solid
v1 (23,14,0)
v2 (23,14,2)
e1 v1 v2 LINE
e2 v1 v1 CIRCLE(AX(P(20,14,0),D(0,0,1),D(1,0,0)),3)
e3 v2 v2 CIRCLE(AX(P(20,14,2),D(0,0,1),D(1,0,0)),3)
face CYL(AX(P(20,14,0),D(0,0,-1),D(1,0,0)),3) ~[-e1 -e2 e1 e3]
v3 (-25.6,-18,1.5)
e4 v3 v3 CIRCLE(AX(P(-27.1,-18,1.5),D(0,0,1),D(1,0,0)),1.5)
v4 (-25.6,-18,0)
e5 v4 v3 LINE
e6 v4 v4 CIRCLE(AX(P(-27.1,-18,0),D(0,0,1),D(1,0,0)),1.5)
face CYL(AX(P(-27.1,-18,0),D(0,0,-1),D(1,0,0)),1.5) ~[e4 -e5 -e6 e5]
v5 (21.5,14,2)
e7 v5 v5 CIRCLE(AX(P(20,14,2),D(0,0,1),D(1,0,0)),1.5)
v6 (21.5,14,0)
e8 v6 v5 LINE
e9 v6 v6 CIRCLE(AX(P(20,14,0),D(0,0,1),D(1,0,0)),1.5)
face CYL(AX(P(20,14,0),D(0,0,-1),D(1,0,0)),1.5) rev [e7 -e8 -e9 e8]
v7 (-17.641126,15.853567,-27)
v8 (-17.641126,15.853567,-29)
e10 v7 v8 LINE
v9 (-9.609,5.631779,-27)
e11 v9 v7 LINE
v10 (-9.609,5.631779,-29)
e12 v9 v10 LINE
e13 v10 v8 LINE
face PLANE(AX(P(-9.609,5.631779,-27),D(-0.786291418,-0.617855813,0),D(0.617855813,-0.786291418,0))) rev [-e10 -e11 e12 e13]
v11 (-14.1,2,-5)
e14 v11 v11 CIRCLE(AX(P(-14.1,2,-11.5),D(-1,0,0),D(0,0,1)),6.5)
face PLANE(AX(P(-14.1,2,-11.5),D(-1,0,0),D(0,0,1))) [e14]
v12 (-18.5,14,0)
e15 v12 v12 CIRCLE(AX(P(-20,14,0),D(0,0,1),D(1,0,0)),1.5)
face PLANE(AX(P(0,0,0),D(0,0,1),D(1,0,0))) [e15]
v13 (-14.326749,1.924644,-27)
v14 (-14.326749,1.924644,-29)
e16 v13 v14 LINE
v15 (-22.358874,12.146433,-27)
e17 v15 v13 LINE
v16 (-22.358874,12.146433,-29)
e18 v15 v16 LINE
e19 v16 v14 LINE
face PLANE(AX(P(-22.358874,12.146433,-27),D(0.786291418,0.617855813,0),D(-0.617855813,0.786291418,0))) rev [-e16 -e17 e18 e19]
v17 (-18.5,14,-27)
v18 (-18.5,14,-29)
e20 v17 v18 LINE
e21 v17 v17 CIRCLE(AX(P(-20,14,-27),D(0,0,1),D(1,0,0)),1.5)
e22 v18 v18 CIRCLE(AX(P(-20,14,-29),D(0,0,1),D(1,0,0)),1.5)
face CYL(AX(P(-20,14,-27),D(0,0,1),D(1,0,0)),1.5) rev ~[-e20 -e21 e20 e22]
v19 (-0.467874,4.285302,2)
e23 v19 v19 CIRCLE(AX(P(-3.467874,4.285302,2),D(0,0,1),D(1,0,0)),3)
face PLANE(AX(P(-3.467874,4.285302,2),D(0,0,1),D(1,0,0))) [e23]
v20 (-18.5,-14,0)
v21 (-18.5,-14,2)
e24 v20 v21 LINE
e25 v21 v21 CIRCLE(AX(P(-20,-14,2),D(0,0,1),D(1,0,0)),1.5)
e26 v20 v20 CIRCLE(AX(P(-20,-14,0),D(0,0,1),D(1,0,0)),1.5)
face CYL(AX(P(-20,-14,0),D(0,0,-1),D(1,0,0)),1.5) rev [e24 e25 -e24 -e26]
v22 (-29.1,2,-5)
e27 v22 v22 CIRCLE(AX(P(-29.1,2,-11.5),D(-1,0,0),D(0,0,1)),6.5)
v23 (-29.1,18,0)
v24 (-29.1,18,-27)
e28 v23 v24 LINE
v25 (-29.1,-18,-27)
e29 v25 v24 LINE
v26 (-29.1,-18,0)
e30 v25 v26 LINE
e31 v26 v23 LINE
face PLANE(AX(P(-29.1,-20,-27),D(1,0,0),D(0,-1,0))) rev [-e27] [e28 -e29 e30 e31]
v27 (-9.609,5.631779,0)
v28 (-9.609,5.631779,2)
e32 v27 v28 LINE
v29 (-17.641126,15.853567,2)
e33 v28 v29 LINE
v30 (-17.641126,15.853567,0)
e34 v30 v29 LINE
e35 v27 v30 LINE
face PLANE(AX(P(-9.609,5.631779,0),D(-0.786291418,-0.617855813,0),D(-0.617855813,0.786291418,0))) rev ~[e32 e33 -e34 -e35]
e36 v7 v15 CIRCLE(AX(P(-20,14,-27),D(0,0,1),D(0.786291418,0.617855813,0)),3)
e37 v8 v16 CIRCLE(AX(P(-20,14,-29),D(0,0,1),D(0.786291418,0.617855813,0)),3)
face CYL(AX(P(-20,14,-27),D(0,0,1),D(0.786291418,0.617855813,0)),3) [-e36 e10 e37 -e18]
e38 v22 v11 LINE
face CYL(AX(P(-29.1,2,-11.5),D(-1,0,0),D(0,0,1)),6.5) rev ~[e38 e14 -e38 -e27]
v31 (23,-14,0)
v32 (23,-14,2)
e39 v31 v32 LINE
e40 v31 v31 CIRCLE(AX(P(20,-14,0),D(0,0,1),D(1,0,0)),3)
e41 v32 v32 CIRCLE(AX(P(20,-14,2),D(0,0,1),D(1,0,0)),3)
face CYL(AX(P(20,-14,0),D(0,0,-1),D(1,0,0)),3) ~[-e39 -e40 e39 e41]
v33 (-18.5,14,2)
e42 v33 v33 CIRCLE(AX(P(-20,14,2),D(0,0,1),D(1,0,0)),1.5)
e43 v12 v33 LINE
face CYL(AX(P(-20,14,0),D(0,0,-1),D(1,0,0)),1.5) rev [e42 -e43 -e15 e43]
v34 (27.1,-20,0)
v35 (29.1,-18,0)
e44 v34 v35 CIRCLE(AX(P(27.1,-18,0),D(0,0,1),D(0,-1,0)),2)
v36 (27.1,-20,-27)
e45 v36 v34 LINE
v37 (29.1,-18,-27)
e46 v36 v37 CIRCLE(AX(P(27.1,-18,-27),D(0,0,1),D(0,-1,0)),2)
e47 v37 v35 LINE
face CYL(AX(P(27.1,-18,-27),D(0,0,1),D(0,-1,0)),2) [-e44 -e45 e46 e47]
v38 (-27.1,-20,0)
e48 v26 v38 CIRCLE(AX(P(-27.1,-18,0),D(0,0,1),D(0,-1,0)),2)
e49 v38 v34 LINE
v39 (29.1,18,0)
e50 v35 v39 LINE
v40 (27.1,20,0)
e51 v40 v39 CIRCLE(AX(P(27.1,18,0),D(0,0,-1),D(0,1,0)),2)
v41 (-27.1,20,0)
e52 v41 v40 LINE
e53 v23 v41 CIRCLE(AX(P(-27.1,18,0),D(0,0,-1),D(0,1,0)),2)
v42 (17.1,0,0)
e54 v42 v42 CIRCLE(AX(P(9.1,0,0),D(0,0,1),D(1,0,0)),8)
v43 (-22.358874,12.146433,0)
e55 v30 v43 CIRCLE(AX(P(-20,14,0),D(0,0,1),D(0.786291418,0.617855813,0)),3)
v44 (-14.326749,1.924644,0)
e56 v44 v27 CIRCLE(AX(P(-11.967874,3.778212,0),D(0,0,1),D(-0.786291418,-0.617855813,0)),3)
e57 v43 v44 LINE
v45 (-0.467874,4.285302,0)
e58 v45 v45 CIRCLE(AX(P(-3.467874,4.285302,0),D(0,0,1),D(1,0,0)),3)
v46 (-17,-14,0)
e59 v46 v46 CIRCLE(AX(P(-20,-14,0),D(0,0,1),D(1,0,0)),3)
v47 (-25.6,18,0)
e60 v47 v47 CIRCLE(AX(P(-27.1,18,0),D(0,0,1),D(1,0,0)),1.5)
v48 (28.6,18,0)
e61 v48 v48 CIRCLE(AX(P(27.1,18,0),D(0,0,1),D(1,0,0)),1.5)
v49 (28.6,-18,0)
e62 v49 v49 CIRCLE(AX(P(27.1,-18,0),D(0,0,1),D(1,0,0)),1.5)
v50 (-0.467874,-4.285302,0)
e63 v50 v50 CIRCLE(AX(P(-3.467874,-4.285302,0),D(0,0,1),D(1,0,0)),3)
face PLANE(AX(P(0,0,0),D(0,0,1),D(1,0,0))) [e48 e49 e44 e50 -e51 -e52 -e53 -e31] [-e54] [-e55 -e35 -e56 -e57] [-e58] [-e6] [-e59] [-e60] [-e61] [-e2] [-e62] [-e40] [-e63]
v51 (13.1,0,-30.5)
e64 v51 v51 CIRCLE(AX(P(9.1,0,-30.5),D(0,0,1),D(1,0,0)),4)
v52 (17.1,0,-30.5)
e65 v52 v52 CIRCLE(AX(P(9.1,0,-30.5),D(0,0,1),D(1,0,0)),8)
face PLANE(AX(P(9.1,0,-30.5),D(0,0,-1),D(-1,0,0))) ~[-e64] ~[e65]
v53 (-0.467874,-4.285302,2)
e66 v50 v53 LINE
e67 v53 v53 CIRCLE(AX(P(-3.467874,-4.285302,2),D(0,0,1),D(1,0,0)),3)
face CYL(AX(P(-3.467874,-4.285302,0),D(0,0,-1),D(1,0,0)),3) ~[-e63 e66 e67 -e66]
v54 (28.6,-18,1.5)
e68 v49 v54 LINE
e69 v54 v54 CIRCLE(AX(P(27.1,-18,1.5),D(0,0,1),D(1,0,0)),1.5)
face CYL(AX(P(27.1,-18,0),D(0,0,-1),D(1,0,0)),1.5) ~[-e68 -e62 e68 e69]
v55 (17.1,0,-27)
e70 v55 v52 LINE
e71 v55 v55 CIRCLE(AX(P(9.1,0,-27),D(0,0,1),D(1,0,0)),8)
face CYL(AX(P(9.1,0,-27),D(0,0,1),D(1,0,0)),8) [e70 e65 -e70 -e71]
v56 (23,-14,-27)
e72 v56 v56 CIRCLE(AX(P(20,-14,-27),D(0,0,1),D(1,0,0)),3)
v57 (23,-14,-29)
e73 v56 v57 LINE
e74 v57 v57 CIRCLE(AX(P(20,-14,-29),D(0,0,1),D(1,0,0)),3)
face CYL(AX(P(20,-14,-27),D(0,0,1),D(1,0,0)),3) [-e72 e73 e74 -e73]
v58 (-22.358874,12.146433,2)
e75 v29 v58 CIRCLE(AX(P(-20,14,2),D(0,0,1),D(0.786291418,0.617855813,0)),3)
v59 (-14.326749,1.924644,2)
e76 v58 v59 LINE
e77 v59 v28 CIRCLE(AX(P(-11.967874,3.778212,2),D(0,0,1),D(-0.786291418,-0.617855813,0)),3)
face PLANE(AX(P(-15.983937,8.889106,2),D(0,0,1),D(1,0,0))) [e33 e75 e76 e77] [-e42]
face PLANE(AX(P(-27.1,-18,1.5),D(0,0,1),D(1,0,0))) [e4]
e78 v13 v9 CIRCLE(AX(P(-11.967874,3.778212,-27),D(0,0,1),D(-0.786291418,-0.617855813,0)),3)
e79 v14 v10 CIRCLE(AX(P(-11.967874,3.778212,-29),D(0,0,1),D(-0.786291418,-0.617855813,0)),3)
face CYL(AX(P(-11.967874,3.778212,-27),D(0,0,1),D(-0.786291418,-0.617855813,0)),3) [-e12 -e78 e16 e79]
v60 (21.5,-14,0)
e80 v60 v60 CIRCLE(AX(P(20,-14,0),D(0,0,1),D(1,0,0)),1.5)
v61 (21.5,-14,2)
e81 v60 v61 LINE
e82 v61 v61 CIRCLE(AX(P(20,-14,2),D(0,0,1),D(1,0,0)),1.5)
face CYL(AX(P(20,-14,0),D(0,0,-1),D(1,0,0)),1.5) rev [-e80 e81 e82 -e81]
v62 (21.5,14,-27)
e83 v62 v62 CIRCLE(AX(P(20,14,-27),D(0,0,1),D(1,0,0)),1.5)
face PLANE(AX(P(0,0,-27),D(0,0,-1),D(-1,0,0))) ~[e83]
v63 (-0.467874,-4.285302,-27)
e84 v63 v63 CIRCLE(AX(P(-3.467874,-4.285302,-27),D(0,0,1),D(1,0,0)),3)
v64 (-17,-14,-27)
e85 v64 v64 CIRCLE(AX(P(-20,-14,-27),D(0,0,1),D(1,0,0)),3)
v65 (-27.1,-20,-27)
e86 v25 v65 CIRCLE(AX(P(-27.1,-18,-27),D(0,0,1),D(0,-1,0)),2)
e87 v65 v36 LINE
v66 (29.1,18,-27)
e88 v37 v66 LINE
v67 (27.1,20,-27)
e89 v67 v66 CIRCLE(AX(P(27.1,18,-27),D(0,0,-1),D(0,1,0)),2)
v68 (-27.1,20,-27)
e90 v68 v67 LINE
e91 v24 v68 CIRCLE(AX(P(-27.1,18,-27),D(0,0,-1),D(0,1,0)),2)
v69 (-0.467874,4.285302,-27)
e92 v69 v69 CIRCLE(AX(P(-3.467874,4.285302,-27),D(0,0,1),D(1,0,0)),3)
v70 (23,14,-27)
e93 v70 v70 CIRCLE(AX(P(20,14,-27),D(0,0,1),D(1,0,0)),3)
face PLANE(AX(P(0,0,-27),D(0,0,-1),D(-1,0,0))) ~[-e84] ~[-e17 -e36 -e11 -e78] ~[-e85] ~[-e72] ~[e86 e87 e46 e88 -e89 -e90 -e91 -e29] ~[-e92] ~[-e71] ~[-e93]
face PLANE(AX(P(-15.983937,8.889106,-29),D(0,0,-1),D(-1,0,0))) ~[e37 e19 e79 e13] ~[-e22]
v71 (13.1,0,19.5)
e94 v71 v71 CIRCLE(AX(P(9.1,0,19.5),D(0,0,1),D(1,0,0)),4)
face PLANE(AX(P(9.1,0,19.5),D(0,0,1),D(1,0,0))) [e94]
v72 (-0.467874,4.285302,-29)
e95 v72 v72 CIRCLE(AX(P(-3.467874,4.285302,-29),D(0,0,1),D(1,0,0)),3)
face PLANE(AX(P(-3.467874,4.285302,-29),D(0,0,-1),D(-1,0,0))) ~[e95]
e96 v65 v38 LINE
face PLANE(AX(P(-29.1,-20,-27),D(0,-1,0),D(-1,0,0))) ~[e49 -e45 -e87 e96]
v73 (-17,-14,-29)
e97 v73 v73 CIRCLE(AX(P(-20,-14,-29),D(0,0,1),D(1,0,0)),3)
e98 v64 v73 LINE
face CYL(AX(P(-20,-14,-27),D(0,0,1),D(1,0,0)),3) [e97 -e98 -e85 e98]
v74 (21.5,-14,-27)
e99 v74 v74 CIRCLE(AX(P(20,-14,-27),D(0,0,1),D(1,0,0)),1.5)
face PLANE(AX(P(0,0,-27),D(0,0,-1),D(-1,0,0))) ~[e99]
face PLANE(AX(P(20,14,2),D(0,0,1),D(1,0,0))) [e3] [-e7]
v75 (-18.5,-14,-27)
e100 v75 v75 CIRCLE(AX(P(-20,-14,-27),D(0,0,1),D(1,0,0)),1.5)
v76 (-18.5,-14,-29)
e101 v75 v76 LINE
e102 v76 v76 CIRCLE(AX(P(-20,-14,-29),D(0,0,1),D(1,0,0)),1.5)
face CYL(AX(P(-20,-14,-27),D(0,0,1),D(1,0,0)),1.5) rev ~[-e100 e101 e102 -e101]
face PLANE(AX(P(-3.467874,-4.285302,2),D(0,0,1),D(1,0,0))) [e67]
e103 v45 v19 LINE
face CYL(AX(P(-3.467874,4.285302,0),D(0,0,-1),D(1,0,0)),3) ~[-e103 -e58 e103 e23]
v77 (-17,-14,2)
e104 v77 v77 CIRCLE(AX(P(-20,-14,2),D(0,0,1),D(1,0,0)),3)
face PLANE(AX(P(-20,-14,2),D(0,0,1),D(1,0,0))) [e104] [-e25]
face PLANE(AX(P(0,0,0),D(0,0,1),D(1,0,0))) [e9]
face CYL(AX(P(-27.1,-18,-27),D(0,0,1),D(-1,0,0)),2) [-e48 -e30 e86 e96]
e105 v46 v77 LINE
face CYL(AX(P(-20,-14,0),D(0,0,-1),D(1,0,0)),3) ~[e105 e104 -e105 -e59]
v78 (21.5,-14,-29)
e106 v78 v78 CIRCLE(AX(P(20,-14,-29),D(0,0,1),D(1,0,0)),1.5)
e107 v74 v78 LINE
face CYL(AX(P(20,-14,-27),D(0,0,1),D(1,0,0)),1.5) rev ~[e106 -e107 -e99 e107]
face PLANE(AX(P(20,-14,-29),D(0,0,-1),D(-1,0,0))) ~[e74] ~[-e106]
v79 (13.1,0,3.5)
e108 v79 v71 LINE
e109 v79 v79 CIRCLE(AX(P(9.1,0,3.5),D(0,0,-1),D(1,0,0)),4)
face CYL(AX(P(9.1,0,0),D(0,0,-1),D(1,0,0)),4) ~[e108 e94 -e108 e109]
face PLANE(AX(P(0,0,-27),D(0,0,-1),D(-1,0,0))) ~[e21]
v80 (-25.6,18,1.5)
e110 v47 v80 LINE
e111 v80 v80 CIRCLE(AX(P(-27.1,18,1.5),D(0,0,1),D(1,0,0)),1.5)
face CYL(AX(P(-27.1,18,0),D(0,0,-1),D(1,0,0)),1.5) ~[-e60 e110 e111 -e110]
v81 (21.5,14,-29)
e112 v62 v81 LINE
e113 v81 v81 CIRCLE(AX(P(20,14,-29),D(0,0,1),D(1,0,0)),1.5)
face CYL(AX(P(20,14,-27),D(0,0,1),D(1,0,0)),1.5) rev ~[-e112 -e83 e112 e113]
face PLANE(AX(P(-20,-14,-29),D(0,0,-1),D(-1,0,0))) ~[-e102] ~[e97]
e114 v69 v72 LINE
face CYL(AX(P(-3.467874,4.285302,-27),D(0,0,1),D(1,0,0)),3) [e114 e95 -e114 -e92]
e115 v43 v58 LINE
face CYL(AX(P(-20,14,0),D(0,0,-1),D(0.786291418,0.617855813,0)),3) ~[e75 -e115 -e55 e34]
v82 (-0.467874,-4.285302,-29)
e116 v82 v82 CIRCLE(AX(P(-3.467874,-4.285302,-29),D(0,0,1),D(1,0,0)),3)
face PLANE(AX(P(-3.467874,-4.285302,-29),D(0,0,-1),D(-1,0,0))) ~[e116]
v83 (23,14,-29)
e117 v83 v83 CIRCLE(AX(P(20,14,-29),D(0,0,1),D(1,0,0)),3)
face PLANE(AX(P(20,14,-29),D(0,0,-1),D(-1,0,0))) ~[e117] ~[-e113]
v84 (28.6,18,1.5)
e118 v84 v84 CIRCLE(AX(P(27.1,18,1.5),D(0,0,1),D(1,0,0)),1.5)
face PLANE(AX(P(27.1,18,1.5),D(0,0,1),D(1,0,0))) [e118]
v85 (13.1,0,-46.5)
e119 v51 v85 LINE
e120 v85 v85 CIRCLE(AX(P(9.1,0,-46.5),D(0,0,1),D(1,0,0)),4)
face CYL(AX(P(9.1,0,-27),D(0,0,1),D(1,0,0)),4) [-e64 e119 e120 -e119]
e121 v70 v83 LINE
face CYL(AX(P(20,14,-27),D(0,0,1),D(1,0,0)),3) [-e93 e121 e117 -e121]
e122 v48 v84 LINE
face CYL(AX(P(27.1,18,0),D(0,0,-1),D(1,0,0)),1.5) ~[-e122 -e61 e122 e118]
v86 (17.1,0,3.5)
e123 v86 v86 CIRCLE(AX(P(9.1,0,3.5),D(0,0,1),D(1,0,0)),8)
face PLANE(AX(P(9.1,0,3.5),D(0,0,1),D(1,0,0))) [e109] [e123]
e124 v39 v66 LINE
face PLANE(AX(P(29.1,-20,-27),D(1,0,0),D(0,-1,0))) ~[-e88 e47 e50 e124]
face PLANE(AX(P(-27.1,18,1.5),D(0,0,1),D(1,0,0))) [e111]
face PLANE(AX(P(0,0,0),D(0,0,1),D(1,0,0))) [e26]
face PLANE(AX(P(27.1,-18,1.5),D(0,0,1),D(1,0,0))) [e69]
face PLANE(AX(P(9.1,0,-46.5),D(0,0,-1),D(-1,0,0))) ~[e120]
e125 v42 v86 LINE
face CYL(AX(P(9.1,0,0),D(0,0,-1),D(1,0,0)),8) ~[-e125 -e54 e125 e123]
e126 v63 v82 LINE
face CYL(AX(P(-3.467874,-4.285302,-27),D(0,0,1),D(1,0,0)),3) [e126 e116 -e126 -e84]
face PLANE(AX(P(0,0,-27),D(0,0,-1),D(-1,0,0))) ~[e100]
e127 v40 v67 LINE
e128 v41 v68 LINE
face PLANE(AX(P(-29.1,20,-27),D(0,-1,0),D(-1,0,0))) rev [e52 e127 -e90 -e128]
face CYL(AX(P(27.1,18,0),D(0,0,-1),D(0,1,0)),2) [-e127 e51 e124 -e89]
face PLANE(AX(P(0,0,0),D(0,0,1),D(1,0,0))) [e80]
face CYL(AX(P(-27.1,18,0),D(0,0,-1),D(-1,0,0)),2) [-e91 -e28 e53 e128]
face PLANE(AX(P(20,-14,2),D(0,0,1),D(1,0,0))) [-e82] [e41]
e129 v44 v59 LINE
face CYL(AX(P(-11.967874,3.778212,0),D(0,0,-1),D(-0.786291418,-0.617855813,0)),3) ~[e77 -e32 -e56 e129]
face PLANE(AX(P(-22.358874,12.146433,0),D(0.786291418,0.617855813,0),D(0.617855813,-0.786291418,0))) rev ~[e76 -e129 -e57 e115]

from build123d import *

# Parameters (mm, degrees)
SKETCH_1_W          = 58.2
SKETCH_1_H          = 40
EXTRUDE_1_DEPTH     = 13.5
SKETCH_2_R          = 8
EXTRUDE_2_DEPTH     = 3.5
SKETCH_4_R          = 4
EXTRUDE_3_DEPTH     = 19.5
SKETCH_5_R          = 1.5
SKETCH_5_R_2        = 3
EXTRUDE_4_DEPTH     = 2
SKETCH_6_R          = 1.5
EXTRUDE_5_DEPTH     = 1.5
FILLET_1_R          = 2
SKETCH_7_R          = 6.5
CUT_EXTRUDE_1_DEPTH = 15


with BuildPart() as part:
    # 草图1 → 凸台-拉伸1 (new body)
    with BuildSketch(Plane.XY):
        Rectangle(SKETCH_1_W, SKETCH_1_H)
    extrude_1 = extrude(amount=-EXTRUDE_1_DEPTH)

    # 草图2 → 凸台-拉伸2 (add)
    with BuildSketch(Plane.XY):
        with Locations((9.1, 0)):
            Circle(SKETCH_2_R)
    extrude_2 = extrude(amount=EXTRUDE_2_DEPTH)

    # 草图4 → 凸台-拉伸3 (add)
    with BuildSketch(Plane.XY):
        with Locations((9.1, 0)):
            Circle(SKETCH_4_R)
    extrude_3 = extrude(amount=EXTRUDE_3_DEPTH)

    # 草图5 → 凸台-拉伸4 (add)
    with BuildSketch(Plane.XY):
        with BuildLine():
            Line((-9.60900018, 5.631778998), (-17.641125745, 15.853567438))
            ThreePointArc((-17.641125745, 15.853567438), (-21.853567438, 16.358874255), (-22.358874255, 12.146432562))
            Line((-22.358874255, 12.146432562), (-14.32674869, 1.924644122))
            ThreePointArc((-14.32674869, 1.924644122), (-10.114306997, 1.419337305), (-9.60900018, 5.631778998))
        make_face()
        with Locations((-20, 14)):
            Circle(SKETCH_5_R, mode=Mode.SUBTRACT)
        with Locations((20, 14)):
            Circle(SKETCH_5_R_2)
        with Locations((20, 14)):
            Circle(SKETCH_5_R, mode=Mode.SUBTRACT)
        with Locations((20, -14)):
            Circle(SKETCH_5_R_2)
        with Locations((20, -14)):
            Circle(SKETCH_5_R, mode=Mode.SUBTRACT)
        with Locations((-3.467874435, 4.285302287)):
            Circle(SKETCH_5_R_2)
        with Locations((-20, -14)):
            Circle(SKETCH_5_R_2)
        with Locations((-20, -14)):
            Circle(SKETCH_5_R, mode=Mode.SUBTRACT)
        with Locations((-3.467874435, -4.285302287)):
            Circle(SKETCH_5_R_2)
    extrude_4 = extrude(amount=EXTRUDE_4_DEPTH)

    # 镜向2: 凸台-拉伸1, 凸台-拉伸2, 凸台-拉伸3, 凸台-拉伸4 across plane
    add(extrude_1.mirror(Plane(origin=(0, 0, -13.5), x_dir=(1, 0, 0), z_dir=(0, 0, -1))))
    add(extrude_2.mirror(Plane(origin=(0, 0, -13.5), x_dir=(1, 0, 0), z_dir=(0, 0, -1))))
    add(extrude_3.mirror(Plane(origin=(0, 0, -13.5), x_dir=(1, 0, 0), z_dir=(0, 0, -1))))
    add(extrude_4.mirror(Plane(origin=(0, 0, -13.5), x_dir=(1, 0, 0), z_dir=(0, 0, -1))))

    # 草图6 → 凸台-拉伸5 (add)
    with BuildSketch(Plane.XY):
        with Locations((27.1, 18)):
            Circle(SKETCH_6_R)
        with Locations((-27.1, 18)):
            Circle(SKETCH_6_R)
        with Locations((27.1, -18)):
            Circle(SKETCH_6_R)
        with Locations((-27.1, -18)):
            Circle(SKETCH_6_R)
    extrude(amount=EXTRUDE_5_DEPTH)

    # 圆角1
    fillet_1_edges = [part.edges().sort_by_distance(p)[0] for p in [
        (29.1, -20, -13.5),
        (-29.1, -20, -13.5),
        (-29.1, 20, -13.5),
        (29.1, 20, -13.5),
    ]]
    fillet(fillet_1_edges, radius=FILLET_1_R)

    # 草图7 → 切除-拉伸1 (cut)
    with BuildSketch(Plane.ZY.offset(29.1)):
        with Locations((-11.5, 2)):
            Circle(SKETCH_7_R)
    extrude(amount=-CUT_EXTRUDE_1_DEPTH, mode=Mode.SUBTRACT)


solid = part.part
